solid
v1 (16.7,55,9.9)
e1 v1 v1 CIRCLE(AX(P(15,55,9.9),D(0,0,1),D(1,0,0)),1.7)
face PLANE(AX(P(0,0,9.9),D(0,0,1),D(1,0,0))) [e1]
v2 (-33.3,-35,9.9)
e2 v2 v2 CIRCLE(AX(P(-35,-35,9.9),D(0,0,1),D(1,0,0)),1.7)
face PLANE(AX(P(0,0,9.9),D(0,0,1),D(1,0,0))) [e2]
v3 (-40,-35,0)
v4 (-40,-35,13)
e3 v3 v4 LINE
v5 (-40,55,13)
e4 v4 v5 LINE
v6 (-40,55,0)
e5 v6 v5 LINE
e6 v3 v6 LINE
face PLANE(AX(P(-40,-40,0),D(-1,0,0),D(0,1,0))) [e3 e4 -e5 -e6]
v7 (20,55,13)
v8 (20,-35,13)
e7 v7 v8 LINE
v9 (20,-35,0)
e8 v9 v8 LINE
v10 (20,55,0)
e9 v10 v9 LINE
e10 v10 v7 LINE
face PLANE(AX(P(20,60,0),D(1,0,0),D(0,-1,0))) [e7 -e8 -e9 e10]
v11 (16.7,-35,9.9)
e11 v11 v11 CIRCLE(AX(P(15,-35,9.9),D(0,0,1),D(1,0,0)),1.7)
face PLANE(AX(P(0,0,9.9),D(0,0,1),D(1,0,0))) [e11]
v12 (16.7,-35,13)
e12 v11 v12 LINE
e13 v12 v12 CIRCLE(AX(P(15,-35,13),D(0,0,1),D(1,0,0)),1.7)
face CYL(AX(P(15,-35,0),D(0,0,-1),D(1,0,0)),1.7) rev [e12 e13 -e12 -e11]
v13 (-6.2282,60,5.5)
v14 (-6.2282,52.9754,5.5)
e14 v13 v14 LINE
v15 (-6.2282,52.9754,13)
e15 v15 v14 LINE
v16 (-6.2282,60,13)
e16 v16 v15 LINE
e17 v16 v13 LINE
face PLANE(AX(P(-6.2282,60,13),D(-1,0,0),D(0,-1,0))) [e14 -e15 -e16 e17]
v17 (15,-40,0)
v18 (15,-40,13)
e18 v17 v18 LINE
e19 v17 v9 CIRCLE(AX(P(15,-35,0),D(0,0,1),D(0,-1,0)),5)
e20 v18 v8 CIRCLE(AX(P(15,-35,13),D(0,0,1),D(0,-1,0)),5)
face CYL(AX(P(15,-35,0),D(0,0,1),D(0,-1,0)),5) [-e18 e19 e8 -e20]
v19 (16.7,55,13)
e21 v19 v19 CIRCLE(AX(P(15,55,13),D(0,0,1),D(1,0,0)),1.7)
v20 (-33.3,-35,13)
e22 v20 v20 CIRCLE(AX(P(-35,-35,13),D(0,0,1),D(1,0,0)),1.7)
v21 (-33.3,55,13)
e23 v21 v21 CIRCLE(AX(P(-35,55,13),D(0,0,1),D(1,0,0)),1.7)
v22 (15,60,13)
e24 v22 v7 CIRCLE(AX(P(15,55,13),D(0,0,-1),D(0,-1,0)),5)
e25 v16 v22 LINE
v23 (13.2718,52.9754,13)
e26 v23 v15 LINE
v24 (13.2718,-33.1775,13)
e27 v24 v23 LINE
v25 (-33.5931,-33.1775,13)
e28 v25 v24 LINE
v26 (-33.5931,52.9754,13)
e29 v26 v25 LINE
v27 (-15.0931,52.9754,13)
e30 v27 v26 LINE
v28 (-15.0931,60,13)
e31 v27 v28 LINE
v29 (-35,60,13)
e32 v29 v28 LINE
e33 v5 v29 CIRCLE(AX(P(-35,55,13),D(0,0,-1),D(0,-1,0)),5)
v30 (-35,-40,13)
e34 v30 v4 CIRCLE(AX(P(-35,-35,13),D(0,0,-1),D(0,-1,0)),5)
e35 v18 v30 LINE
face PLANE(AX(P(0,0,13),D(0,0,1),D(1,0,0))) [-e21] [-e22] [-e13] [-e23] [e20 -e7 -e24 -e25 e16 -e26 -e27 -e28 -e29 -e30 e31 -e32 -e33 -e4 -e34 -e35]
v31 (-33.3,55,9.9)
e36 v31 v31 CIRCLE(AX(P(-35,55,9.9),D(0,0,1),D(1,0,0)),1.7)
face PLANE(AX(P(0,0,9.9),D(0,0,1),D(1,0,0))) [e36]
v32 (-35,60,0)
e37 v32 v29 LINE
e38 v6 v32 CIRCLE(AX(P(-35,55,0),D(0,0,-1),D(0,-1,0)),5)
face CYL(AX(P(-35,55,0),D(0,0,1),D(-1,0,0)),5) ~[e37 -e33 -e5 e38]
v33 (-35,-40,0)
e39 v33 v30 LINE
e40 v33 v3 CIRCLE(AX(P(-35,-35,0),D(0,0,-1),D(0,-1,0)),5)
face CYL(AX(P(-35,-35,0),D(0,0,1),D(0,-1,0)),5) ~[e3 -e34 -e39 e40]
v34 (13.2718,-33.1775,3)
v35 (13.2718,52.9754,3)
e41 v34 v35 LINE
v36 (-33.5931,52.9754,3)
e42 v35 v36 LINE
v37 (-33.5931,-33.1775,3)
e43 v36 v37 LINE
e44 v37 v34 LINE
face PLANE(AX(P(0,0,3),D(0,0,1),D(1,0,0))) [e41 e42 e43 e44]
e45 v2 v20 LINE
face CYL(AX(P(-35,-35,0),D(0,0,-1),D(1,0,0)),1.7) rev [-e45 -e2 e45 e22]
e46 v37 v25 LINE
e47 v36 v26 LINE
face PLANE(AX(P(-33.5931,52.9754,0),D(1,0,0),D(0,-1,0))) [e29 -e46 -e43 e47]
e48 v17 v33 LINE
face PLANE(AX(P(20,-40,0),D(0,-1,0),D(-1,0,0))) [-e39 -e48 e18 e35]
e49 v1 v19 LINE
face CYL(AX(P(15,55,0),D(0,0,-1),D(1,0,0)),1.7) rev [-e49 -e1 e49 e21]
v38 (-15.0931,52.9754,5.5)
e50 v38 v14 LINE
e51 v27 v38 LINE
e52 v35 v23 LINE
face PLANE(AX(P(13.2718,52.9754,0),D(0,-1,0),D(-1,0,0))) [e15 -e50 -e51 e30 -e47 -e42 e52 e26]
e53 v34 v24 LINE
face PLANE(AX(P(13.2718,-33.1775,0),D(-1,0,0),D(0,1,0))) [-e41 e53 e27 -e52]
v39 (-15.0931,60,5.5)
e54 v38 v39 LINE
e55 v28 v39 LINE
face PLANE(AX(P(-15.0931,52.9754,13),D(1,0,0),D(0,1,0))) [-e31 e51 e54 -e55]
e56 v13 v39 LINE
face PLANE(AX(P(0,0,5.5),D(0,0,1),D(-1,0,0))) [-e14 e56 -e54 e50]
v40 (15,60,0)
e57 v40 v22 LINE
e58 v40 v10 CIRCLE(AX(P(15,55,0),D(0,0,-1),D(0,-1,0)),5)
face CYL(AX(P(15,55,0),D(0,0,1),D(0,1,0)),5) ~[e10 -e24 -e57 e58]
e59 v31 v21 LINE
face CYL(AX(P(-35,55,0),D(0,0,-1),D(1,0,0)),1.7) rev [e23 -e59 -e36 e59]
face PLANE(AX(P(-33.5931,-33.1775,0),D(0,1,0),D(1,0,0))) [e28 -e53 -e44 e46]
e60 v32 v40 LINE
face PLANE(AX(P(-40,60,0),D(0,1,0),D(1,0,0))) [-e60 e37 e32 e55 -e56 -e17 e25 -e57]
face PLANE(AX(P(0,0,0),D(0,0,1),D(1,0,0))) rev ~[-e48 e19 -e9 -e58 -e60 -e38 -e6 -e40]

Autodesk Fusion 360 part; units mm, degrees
sketch "Esboço1" plane through (0, 0, 0) normal (0, 0, 1) x (1, 0, 0) in component "Case"
sketch "Esboço1 (2)" plane through (0, 0, 0) normal (0, 0, 1) x (1, 0, 0) in component "Component"
  line L0 (-33.5931, -33.1775) -> (13.2718, -33.1775)
  line L1 (13.2718, -33.1775) -> (13.2718, 52.9754)
  line L2 (13.2718, 52.9754) -> (-33.5931, 52.9754)
  line L3 (-33.5931, 52.9754) -> (-33.5931, -33.1775)
  line L4 (-40, 60) -> (20, 60)
  line L5 (20, 60) -> (20, -40)
  line L6 (20, -40) -> (-40, -40)
  line L7 (-40, -40) -> (-40, 60)
  circle A0 centre (-35, -35) radius 1.7
  circle A1 centre (15, -35) radius 1.7
  circle A2 centre (-35, 55) radius 1.7
  circle A3 centre (15, 55) radius 1.7
  dimension "d1" = 86.1529
  dimension "d2" = 46.8649
  dimension "d5" = 5
  dimension "d6" = 5
  dimension "d7" = 5
  dimension "d8" = 5
  dimension "d9" = 5
  dimension "d10" = 5
  dimension "d11" = 5
  dimension "d12" = 5
  dimension "d13" = 60
  dimension "d14" = 100
extrude "Extrusão1" add sketch "Esboço1 (2)" along normal blind 9.9 contours A0 | A1 | A2 | A3 makes body 1 at (-35.7756, -33.4872, 6.6) makes body 2 at (-35.7756, 56.5128, 6.6) makes body 3 at (16.5665, -34.3397, 6.6) makes body 4 at (16.5665, 55.6603, 6.6) in component "Component"
extrude "Extrusão2" add sketch "Esboço1 (2)" along normal blind 13 bodies 1 2 3 4 in component "Component"
extrude "Extrusão3" add sketch "Esboço1 (2)" along normal blind 3 contours L0 L1 L2 L3 bodies 1 in component "Component"
sketch "Esboço2" plane through (0, 0, 13) normal (0, 0, 1) x (-1, 0, 0) in component "Component"
  circle A0 centre (-15, -55) radius 1.7
  line L0 (33.5931, 33.1775) -> (33.5931, -52.9754)
  line L1 (33.5931, -52.9754) -> (-13.2718, -52.9754)
  line L2 (-13.2718, -52.9754) -> (-13.2718, 33.1775)
  line L3 (-13.2718, 33.1775) -> (33.5931, 33.1775)
  circle A1 centre (35, 35) radius 1.7
  circle A2 centre (-15, 35) radius 1.7
  circle A3 centre (35, -55) radius 1.7
  line L4 (40, 40) -> (-20, 40)
  line L5 (-20, 40) -> (-20, -60)
  line L6 (-20, -60) -> (40, -60)
  line L7 (40, -60) -> (40, 40)
  line L8 (15.0931, -60) -> (6.2282, -60)
  line L9 (6.2282, -60) -> (6.2282, -52.9754)
  line L10 (6.2282, -52.9754) -> (15.0931, -52.9754)
  line L11 (15.0931, -52.9754) -> (15.0931, -60)
  dimension "d21" = 18.5
  dimension "d22" = 19.5
extrude "Extrusão4" cut sketch "Esboço2" against normal blind 7.5 contours L1 L6 L8 L9 L10 L11 bodies 1 in component "Component"
fillet "Arredondamento1" radius 5 1 edges at (20, -40, 6.5) on bodies 1 in component "Component"
fillet "Arredondamento2" radius 5 1 edges at (-40, -40, 6.5) on bodies 1 in component "Component"
fillet "Arredondamento3" radius 5 1 edges at (-40, 60, 6.5) on bodies 1 in component "Component"
fillet "Arredondamento4" radius 5 1 edges at (20, 60, 6.5) on bodies 1 in component "Component"
component "Case" placed x (1, 0, 0) y (0, 1, 0) z (0, 0, 1) at (0, 0, 0)
component "Component" placed x (1, 0, 0) y (0, 1, 0) z (0, 0, 1) at (0, 0, 0) in component "Case"
